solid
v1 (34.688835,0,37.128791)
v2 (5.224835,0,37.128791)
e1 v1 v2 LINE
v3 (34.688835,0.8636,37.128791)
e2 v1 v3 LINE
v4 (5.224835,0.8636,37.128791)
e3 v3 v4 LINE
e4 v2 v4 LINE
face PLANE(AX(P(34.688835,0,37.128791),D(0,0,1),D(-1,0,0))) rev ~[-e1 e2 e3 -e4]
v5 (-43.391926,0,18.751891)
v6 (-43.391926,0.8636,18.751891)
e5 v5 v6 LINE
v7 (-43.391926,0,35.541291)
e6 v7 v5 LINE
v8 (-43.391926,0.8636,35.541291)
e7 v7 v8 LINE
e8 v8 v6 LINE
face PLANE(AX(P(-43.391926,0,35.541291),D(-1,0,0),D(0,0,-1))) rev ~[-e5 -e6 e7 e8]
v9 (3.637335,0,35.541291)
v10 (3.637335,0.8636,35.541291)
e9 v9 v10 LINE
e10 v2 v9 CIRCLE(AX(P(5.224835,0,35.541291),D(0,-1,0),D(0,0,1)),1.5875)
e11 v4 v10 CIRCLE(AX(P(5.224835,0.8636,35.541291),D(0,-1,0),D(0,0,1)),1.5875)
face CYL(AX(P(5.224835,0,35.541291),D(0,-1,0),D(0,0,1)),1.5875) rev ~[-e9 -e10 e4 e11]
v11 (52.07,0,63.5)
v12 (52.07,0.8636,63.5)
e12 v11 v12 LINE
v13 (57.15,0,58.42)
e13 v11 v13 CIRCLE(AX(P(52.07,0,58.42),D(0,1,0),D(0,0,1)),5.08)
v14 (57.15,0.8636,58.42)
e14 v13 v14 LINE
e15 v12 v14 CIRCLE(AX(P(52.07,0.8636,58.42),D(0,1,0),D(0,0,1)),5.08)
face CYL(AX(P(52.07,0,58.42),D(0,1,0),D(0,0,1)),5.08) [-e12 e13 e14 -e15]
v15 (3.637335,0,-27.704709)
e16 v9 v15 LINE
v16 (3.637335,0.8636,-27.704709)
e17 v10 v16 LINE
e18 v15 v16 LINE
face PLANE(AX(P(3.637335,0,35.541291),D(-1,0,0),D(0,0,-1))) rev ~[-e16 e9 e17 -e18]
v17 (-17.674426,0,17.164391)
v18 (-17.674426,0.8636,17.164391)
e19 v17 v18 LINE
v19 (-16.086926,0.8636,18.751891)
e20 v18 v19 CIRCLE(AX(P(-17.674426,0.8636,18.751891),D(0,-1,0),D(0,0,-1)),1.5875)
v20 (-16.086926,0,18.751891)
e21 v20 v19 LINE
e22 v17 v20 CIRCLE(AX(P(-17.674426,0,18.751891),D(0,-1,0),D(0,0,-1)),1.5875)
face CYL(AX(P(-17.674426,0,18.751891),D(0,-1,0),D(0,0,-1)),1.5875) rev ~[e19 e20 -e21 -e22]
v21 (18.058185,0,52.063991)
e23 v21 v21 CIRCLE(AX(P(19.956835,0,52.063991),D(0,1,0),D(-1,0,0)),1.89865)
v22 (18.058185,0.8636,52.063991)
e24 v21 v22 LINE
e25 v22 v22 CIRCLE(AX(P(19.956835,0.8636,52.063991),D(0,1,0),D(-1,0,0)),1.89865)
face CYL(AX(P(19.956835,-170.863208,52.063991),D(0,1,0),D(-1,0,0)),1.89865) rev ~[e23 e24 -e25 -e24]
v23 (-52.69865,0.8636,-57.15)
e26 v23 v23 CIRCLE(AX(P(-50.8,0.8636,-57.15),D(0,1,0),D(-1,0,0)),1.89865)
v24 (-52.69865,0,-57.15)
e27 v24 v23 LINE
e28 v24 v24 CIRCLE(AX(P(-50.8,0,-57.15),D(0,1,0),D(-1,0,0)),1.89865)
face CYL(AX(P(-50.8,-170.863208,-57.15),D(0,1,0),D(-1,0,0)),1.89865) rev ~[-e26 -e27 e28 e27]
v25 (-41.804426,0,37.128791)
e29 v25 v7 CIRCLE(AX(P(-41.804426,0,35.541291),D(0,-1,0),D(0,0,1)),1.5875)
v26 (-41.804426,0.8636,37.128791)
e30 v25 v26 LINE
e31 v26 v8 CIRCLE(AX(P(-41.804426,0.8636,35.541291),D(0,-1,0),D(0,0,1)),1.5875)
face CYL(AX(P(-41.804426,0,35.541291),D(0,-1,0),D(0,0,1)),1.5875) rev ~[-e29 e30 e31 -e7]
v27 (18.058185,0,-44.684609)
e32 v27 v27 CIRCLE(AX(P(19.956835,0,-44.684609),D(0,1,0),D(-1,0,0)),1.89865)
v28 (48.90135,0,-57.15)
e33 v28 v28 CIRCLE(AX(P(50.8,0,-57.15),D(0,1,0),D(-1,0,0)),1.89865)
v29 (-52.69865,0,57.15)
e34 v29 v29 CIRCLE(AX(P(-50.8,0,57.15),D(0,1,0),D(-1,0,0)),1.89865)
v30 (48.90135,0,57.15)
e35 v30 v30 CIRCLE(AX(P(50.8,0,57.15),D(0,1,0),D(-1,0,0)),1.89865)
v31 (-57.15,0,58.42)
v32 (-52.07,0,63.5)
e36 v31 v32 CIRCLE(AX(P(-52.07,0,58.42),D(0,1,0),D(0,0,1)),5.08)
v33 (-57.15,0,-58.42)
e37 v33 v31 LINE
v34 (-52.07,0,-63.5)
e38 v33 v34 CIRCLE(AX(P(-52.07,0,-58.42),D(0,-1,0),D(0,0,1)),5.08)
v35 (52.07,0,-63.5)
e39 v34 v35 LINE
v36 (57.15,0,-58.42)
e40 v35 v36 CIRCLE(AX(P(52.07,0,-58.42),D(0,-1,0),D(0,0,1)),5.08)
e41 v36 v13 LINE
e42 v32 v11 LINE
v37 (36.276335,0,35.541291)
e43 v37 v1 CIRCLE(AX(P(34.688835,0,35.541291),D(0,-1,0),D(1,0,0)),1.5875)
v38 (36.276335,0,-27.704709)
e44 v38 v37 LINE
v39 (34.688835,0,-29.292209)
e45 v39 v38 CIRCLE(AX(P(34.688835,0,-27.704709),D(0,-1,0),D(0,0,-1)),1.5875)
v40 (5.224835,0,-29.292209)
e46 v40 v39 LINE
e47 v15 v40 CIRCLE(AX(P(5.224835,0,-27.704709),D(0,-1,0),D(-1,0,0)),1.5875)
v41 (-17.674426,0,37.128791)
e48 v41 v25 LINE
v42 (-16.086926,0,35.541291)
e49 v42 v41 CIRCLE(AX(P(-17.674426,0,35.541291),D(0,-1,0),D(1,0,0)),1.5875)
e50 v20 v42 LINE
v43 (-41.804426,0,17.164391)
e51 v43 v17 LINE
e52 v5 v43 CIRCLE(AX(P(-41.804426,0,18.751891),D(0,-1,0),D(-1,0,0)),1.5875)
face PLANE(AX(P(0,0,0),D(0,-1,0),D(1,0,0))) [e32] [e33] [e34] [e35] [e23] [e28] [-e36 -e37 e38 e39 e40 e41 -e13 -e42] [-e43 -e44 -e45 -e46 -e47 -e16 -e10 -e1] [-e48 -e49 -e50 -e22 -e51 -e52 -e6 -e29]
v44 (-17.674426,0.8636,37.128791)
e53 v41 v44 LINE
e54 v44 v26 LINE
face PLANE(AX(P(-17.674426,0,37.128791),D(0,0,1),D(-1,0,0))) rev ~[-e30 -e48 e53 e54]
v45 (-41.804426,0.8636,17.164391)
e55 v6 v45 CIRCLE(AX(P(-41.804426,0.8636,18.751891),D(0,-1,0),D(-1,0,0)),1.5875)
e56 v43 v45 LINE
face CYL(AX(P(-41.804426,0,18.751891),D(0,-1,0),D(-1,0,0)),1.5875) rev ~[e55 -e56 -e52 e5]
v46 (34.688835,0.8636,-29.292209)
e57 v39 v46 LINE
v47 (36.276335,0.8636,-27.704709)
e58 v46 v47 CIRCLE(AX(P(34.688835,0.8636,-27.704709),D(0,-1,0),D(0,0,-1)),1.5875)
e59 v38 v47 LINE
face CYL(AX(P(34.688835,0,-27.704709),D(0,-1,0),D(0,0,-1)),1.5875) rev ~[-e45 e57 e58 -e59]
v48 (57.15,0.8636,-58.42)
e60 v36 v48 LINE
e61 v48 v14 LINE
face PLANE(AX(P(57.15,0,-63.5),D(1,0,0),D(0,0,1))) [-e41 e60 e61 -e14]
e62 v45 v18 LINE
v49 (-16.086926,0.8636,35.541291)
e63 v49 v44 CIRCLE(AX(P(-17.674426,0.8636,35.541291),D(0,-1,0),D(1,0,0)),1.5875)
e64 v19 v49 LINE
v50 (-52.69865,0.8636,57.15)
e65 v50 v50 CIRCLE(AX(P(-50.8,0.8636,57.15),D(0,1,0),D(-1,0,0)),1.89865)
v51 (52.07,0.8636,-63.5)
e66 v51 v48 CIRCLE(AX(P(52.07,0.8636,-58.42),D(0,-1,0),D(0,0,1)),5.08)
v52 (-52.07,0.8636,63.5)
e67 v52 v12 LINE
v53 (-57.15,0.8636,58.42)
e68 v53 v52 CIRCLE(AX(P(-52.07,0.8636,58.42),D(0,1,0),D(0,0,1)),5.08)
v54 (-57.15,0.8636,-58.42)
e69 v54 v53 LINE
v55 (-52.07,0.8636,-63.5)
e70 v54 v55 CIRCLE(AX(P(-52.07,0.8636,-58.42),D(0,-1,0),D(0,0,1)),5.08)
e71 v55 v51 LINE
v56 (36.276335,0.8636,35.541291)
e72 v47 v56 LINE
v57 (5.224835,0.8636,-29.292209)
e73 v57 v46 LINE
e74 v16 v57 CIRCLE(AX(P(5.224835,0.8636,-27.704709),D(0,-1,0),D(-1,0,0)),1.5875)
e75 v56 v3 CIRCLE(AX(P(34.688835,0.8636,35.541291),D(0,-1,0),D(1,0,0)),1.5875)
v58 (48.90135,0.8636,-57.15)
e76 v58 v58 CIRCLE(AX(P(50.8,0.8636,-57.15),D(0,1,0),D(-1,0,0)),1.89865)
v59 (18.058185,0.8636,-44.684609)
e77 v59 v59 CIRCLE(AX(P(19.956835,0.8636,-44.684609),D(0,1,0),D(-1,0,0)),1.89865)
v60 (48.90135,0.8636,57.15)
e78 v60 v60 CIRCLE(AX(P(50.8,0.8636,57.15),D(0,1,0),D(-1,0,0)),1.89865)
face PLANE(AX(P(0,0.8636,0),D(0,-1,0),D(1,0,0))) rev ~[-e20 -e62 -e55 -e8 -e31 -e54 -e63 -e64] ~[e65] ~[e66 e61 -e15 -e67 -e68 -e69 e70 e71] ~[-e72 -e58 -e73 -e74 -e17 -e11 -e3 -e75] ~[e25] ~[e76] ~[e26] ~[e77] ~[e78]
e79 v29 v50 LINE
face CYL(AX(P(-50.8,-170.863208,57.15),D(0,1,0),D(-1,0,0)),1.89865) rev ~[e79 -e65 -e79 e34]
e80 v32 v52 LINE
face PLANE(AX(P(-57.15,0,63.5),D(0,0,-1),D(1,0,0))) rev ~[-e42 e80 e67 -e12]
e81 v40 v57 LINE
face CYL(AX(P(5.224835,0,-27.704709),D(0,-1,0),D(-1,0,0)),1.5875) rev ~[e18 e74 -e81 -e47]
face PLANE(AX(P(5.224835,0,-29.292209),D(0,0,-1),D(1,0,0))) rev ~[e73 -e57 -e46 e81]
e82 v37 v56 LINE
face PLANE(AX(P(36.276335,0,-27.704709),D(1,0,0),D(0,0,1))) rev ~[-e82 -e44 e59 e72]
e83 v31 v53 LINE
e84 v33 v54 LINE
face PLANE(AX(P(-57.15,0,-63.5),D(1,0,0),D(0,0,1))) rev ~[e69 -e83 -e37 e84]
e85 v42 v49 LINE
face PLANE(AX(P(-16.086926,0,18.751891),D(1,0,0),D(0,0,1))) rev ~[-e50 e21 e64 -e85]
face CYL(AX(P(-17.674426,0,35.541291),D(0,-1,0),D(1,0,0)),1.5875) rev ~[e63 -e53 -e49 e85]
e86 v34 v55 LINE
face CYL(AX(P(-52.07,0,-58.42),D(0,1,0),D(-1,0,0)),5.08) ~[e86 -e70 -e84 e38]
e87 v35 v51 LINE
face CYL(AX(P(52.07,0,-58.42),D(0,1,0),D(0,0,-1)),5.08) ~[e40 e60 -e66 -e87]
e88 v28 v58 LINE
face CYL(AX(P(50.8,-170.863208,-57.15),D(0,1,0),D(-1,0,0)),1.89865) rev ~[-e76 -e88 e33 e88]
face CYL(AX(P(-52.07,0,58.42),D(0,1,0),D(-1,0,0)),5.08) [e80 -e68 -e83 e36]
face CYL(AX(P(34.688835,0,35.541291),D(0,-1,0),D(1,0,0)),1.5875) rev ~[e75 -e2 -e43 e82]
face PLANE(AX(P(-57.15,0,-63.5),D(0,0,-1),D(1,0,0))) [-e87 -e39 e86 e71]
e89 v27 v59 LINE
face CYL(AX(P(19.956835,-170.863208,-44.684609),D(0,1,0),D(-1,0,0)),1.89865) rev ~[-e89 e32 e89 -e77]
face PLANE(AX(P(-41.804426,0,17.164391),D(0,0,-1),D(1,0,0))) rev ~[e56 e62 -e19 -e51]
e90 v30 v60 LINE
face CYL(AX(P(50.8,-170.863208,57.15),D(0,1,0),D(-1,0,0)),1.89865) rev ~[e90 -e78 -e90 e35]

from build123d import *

# Parameters (mm, degrees)
F0_W     = 114.3
F0_H     = 127
F1_DEPTH = 0.8636
F3_DEPTH = 0.8636
F4_R     = 5.08
F6_D     = 3.7973
F8_D     = 3.7973


with BuildPart() as f1:
    # F0 (on Front) → F1 (new body)
    with BuildSketch(Plane.XZ):
        Rectangle(F0_W, F0_H)
    extrude(amount=-F1_DEPTH)

    # F2 (on face) → F3 (cut, through all)
    with BuildSketch(Plane.XZ):
        with BuildLine():
            ThreePointArc((-16.0869264489, 35.5412906039), (-16.5518944338, 36.663822619), (-17.6744264489, 37.1287906039))
            Line((-17.6744264489, 37.1287906039), (-41.8044264489, 37.1287906039))
            ThreePointArc((-41.8044264489, 37.1287906039), (-42.9269584641, 36.663822619), (-43.3919264489, 35.5412906039))
            Line((-43.3919264489, 35.5412906039), (-43.3919264489, 18.7518906039))
            ThreePointArc((-43.3919264489, 18.7518906039), (-42.9269584641, 17.6293585888), (-41.8044264489, 17.1643906039))
            Line((-41.8044264489, 17.1643906039), (-17.6744264489, 17.1643906039))
            ThreePointArc((-17.6744264489, 17.1643906039), (-16.5518944338, 17.6293585888), (-16.0869264489, 18.7518906039))
            Line((-16.0869264489, 18.7518906039), (-16.0869264489, 35.5412906039))
        make_face()
        with BuildLine():
            ThreePointArc((36.2763346143, 35.5412906039), (35.8113666294, 36.663822619), (34.6888346143, 37.1287906039))
            Line((34.6888346143, 37.1287906039), (5.2248346143, 37.1287906039))
            ThreePointArc((5.2248346143, 37.1287906039), (4.1023025991, 36.663822619), (3.6373346143, 35.5412906039))
            Line((3.6373346143, 35.5412906039), (3.6373346143, -27.7047093961))
            ThreePointArc((3.6373346143, -27.7047093961), (4.1023025991, -28.8272414112), (5.2248346143, -29.2922093961))
            Line((5.2248346143, -29.2922093961), (34.6888346143, -29.2922093961))
            ThreePointArc((34.6888346143, -29.2922093961), (35.8113666294, -28.8272414112), (36.2763346143, -27.7047093961))
            Line((36.2763346143, -27.7047093961), (36.2763346143, 35.5412906039))
        make_face()
    extrude(amount=-F3_DEPTH, mode=Mode.SUBTRACT)

    # F4
    f4_edges = [f1.edges().sort_by_distance(p)[0] for p in [
        (-57.15, 0.4318, 63.5),
        (57.15, 0.4318, 63.5),
        (57.15, 0.4318, -63.5),
        (-57.15, 0.4318, -63.5),
    ]]
    fillet(f4_edges, radius=F4_R)

    # F6 (through all)
    with Locations(Plane.XZ):
        with Locations((19.9568346143, 52.0639906039), (19.9568346143, -44.6846093961)):
            Hole(F6_D / 2)

    # F8 (through all)
    with Locations(Plane.XZ):
        with Locations((-50.8, 57.15), (50.8, 57.15), (50.8, -57.15), (-50.8, -57.15)):
            Hole(F8_D / 2)


solid = f1.part
